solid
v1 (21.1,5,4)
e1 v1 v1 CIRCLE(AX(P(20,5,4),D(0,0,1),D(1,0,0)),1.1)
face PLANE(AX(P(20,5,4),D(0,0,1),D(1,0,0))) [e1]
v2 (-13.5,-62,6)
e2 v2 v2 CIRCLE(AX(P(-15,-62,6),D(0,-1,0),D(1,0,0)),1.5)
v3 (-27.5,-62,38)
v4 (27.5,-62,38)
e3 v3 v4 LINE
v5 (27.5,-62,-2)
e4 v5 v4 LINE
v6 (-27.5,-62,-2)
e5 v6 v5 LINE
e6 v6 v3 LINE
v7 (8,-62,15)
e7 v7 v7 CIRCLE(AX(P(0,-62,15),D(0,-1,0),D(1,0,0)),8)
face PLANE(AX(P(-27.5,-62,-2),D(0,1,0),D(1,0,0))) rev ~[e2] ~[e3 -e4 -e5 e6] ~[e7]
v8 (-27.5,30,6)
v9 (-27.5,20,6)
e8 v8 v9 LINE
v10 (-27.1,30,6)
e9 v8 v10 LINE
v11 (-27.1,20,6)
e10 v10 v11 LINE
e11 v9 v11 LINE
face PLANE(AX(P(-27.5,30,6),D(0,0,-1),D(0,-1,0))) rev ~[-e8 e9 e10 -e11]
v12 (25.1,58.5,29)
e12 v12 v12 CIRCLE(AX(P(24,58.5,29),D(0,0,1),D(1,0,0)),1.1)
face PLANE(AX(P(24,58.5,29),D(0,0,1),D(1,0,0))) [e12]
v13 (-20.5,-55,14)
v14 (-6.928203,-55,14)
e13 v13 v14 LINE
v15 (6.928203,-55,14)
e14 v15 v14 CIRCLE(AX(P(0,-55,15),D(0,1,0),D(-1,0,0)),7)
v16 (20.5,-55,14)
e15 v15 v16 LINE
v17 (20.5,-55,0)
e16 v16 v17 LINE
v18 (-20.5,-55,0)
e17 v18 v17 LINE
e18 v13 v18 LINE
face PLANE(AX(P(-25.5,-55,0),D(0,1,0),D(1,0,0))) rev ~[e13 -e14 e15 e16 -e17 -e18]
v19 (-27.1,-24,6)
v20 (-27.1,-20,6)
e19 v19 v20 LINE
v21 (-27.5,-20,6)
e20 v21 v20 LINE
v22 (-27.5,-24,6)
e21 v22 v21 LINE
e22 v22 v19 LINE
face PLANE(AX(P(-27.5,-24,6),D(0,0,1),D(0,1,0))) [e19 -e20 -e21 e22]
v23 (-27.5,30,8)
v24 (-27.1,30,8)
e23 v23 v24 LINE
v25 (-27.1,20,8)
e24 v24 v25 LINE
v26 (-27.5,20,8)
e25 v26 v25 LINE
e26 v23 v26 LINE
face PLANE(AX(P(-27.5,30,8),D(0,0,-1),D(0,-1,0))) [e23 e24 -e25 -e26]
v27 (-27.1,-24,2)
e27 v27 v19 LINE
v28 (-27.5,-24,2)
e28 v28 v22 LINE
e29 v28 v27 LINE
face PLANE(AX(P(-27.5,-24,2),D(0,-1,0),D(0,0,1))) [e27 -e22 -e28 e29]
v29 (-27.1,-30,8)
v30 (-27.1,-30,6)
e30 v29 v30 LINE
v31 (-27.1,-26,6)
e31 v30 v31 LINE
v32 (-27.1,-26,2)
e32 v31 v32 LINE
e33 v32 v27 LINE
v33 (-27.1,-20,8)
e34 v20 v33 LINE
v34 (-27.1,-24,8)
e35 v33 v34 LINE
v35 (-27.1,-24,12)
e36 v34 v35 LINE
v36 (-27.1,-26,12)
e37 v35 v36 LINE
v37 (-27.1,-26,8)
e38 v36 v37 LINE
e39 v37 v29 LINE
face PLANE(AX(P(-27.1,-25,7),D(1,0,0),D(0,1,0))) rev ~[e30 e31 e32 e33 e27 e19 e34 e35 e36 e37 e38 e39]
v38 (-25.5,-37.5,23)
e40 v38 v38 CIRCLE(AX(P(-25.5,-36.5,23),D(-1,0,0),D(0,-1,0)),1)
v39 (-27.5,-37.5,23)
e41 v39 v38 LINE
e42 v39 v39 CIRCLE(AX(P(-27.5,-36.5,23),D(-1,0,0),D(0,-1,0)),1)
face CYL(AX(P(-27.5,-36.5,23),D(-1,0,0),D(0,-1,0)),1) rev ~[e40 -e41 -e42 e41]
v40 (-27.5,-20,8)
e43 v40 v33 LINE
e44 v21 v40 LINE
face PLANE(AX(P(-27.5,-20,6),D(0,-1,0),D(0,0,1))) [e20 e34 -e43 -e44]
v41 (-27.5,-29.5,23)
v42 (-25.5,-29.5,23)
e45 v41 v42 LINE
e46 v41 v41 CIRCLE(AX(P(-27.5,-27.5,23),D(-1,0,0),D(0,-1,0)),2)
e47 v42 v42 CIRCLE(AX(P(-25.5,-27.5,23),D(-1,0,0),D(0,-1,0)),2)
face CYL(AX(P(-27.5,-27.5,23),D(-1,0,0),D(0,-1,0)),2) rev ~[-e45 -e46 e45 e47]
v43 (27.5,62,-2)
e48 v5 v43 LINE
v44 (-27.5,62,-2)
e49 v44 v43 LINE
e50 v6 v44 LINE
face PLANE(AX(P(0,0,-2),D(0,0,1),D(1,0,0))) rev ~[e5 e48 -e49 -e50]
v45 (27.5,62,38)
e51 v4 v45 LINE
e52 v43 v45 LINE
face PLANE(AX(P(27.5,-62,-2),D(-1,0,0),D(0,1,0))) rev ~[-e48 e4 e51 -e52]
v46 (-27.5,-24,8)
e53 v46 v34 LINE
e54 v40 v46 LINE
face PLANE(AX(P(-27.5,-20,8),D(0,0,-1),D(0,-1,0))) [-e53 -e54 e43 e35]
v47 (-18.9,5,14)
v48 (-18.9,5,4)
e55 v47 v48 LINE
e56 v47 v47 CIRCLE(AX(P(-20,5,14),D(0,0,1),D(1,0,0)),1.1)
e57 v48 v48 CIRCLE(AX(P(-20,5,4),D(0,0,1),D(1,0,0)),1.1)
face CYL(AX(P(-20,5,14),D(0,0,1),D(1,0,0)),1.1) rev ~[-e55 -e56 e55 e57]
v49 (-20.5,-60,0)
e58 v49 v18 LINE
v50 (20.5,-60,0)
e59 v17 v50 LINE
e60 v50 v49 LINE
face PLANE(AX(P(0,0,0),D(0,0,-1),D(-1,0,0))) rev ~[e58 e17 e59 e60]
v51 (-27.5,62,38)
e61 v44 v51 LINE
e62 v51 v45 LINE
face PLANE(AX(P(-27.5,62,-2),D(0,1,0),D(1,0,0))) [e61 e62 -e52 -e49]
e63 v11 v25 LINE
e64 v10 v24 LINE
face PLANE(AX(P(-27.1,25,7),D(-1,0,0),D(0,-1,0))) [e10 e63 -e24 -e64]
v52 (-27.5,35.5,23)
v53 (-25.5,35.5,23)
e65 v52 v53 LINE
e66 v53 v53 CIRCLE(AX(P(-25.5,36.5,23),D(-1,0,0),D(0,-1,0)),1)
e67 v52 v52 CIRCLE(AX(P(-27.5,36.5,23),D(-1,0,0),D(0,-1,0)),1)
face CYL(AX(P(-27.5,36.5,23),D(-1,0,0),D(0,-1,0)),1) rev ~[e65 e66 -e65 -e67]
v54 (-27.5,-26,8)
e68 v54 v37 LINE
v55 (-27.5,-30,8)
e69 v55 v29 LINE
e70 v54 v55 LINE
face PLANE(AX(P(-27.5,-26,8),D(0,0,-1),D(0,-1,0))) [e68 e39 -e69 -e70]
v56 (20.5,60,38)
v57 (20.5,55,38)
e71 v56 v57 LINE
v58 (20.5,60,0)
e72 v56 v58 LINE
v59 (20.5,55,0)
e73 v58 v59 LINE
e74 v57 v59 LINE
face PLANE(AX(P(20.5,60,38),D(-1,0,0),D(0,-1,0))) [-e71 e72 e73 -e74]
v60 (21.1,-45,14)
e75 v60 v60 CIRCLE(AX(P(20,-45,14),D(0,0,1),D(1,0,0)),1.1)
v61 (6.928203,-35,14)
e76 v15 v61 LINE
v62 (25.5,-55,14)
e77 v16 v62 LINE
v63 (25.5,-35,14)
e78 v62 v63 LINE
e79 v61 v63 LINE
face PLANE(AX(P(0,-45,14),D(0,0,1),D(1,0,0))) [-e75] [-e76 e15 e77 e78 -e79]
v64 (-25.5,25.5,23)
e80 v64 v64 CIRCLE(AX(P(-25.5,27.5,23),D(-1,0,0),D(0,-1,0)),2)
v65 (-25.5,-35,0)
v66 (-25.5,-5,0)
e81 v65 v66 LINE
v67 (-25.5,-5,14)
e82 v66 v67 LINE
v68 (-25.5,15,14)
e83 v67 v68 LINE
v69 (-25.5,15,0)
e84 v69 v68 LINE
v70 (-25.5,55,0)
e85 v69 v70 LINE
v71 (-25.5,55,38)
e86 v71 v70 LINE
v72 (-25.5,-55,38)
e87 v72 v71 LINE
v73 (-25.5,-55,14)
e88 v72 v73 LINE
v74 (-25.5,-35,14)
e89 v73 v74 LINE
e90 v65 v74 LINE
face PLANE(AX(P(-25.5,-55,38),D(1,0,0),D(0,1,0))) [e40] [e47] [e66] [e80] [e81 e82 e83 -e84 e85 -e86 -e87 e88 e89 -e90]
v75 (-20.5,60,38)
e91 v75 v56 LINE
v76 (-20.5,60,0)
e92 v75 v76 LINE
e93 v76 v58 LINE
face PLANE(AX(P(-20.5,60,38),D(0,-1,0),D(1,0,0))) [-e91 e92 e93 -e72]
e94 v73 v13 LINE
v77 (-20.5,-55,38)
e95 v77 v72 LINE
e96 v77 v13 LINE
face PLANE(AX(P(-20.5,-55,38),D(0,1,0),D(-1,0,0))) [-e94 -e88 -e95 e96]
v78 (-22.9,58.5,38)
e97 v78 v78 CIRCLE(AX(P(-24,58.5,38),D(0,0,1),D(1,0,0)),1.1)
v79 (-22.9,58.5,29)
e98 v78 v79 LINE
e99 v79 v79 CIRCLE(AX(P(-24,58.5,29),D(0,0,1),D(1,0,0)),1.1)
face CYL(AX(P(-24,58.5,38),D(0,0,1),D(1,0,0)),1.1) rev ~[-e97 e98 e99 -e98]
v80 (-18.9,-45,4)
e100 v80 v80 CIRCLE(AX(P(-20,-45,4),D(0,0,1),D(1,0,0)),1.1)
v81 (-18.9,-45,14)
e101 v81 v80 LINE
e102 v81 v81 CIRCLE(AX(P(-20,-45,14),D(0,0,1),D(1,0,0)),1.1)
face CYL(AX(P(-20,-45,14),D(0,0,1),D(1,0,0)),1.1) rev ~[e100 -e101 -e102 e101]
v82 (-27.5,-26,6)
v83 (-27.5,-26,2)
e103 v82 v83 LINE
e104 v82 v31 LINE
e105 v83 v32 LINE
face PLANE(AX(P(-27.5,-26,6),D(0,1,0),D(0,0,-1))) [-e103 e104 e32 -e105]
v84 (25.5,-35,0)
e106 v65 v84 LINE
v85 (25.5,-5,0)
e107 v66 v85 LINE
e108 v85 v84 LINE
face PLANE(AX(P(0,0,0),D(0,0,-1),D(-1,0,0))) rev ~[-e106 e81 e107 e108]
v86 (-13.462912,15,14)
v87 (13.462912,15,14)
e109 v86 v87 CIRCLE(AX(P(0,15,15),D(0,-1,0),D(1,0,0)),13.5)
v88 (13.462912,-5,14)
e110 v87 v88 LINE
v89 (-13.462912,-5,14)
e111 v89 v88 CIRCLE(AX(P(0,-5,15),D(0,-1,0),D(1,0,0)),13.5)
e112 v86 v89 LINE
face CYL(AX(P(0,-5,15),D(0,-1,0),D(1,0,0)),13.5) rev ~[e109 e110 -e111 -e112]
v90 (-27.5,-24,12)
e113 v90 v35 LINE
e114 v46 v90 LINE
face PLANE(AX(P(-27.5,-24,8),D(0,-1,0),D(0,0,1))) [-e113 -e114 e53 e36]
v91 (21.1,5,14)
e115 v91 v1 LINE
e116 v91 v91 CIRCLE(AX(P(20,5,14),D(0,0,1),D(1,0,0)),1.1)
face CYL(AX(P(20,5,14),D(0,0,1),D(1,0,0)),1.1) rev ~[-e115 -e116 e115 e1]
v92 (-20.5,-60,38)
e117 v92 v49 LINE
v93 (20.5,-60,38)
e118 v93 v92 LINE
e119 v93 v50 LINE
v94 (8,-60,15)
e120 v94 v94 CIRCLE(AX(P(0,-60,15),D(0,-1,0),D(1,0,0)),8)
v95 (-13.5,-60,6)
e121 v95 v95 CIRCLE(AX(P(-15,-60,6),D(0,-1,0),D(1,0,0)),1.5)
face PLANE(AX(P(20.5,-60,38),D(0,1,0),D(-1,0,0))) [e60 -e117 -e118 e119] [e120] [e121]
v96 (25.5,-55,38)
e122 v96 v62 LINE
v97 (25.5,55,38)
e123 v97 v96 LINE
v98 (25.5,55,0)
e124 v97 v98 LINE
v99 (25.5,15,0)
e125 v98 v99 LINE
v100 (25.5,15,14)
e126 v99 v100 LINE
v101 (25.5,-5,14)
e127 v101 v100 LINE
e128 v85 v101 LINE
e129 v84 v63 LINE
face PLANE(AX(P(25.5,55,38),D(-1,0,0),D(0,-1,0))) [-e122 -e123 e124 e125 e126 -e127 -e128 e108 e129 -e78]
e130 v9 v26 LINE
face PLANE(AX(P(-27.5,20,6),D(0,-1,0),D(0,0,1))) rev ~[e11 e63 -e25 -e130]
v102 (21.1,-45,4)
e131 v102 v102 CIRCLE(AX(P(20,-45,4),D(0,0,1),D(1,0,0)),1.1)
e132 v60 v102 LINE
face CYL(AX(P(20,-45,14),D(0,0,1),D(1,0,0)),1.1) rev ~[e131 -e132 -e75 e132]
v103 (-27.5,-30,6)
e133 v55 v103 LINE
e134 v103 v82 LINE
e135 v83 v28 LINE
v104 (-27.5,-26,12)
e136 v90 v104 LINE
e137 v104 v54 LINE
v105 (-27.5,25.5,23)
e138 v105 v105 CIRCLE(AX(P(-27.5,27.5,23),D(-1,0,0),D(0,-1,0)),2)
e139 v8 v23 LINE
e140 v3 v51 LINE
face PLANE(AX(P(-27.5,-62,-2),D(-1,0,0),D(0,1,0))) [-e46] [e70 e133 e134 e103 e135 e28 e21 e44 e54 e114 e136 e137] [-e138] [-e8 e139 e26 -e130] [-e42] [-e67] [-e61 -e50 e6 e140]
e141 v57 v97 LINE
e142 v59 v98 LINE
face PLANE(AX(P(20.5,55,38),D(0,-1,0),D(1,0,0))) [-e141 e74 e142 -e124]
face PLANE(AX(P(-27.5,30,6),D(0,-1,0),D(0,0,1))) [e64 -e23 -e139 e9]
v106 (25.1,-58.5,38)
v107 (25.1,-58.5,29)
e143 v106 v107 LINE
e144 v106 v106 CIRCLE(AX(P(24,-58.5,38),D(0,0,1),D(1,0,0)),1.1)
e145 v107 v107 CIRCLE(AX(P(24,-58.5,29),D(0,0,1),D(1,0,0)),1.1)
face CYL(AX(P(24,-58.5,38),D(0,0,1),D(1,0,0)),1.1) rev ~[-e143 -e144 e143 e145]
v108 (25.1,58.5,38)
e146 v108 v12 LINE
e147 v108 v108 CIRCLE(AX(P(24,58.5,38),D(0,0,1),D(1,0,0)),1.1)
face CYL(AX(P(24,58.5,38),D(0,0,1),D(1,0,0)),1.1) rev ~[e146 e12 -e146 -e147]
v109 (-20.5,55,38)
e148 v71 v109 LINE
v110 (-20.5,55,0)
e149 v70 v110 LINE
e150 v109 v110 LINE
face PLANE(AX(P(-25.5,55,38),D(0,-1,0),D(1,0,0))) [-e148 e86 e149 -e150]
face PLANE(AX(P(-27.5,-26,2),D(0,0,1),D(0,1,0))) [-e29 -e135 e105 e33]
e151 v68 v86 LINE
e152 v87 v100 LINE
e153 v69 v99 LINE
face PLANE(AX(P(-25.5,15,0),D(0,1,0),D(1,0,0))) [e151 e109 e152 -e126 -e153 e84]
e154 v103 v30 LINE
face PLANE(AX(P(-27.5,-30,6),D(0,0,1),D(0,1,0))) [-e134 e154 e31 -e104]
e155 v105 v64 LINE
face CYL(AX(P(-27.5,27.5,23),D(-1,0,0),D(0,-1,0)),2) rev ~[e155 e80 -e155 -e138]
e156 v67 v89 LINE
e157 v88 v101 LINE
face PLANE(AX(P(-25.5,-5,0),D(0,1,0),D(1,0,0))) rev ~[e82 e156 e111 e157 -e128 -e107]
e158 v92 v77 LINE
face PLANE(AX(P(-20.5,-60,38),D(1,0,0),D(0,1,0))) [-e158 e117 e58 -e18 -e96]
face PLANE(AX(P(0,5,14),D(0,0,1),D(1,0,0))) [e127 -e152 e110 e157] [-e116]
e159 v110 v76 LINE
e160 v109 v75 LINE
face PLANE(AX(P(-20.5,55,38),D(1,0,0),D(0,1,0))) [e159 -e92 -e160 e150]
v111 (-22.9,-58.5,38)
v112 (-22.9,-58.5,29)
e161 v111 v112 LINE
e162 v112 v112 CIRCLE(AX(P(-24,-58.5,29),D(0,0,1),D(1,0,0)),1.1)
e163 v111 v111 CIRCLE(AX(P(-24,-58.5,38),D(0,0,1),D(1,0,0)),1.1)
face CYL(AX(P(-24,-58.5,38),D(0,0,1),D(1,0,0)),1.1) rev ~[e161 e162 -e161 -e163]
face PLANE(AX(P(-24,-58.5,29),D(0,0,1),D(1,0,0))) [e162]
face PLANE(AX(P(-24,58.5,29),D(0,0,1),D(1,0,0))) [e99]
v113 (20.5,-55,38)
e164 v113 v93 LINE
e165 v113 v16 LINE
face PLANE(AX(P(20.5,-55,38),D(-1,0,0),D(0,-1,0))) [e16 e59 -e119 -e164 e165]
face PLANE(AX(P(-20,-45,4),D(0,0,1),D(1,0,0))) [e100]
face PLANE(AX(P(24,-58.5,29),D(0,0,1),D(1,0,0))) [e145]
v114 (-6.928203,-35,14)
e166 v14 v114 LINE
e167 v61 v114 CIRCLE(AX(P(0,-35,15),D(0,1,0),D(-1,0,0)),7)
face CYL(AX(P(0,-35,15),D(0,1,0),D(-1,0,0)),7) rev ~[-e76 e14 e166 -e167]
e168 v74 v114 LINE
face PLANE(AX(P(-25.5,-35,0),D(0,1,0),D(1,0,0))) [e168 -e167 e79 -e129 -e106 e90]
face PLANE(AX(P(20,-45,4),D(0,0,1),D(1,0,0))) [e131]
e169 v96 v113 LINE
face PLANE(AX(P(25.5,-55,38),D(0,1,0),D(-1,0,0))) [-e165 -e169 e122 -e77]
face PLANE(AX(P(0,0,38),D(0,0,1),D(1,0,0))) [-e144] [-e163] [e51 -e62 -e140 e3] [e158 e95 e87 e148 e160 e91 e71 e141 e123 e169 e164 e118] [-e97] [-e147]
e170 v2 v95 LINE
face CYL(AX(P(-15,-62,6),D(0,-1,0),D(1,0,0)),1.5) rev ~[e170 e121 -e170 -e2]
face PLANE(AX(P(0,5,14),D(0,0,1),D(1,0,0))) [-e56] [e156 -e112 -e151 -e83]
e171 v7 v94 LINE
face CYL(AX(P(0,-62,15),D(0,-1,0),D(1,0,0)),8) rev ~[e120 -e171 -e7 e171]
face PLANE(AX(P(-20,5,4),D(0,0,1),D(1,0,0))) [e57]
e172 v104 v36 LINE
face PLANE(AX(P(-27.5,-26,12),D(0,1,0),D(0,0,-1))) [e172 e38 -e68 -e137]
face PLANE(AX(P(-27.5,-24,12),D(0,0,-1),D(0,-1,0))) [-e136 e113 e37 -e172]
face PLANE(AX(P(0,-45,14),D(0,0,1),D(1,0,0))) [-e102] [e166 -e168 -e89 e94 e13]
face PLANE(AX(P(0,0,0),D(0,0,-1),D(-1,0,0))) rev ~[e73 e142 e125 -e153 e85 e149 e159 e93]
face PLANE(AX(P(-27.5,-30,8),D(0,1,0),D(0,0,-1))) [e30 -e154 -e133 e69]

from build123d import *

# Parameters (mm, degrees)
SKETCH006_W     = 55
SKETCH006_H     = 124
PAD002_DEPTH    = 40
POCKET004_DEPTH = 38
SKETCH008_R     = 8
POCKET005_DEPTH = 2
SKETCH009_R     = 1.1
POCKET006_DEPTH = 9
SKETCH012_R     = 2
SKETCH012_R_2   = 1
POCKET008_DEPTH = 2
SKETCH013_R     = 1.5
POCKET009_DEPTH = 2
SKETCH016_W     = 10
SKETCH016_H     = 2
POCKET011_DEPTH = 0.4
SKETCH019_W     = 51
SKETCH019_H     = 20
PAD005_DEPTH    = 14
SKETCH020_R     = 13.5
POCKET014_DEPTH = 20
SKETCH021_R     = 7
POCKET015_DEPTH = 20
SKETCH022_R     = 1.1
POCKET016_DEPTH = 10


with BuildPart() as part:
    # Sketch006 → Pad002 (new body)
    with BuildSketch(Plane.XY):
        Rectangle(SKETCH006_W, SKETCH006_H)
    extrude(amount=PAD002_DEPTH)

    # Sketch007 (on Face6 of Pad002) → Pocket004 (cut)
    with BuildSketch(Plane.XY.offset(40)):
        Polygon((-25.5, 55), (-20.5, 55), (-20.5, 60), (20.5, 60), (20.5, 55), (25.5, 55), (25.5, -55), (20.5, -55), (20.5, -60), (-20.5, -60), (-20.5, -55), (-25.5, -55), align=None)
    extrude(amount=-POCKET004_DEPTH, mode=Mode.SUBTRACT)

    # Sketch008 (on Face6 of Pocket004) → Pocket005 (cut)
    with BuildSketch(Plane.XZ.offset(62)):
        with Locations((0, 17)):
            Circle(SKETCH008_R)
    extrude(amount=-POCKET005_DEPTH, mode=Mode.SUBTRACT)

    # Sketch009 (on Face5 of Pocket005) → Pocket006 (cut)
    with BuildSketch(Plane.XY.offset(40)):
        with Locations((-24, 58.5)):
            Circle(SKETCH009_R)
        with Locations((24, 58.5)):
            Circle(SKETCH009_R)
        with Locations((24, -58.5)):
            Circle(SKETCH009_R)
        with Locations((-24, -58.5)):
            Circle(SKETCH009_R)
    extrude(amount=-POCKET006_DEPTH, mode=Mode.SUBTRACT)

    # Sketch012 (on Face2 of Pocket006) → Pocket008 (cut)
    with BuildSketch(Plane(origin=(-27.5, 0, 0), x_dir=(0, -1, 0), z_dir=(-1, 0, 0))):
        with Locations((-27.5, 25)):
            Circle(SKETCH012_R)
        with Locations((27.5, 25)):
            Circle(SKETCH012_R)
        with Locations((-36.5, 25)):
            Circle(SKETCH012_R_2)
        with Locations((36.5, 25)):
            Circle(SKETCH012_R_2)
    extrude(amount=-POCKET008_DEPTH, mode=Mode.SUBTRACT)

    # Sketch013 (on Face6 of Pocket008) → Pocket009 (cut)
    with BuildSketch(Plane.XZ.offset(62)):
        with Locations((-15, 8)):
            Circle(SKETCH013_R)
    extrude(amount=-POCKET009_DEPTH, mode=Mode.SUBTRACT)

    # Sketch016 (on Face2 of Pocket009) → Pocket011 (cut)
    with BuildSketch(Plane(origin=(-27.5, 0, 0), x_dir=(0, -1, 0), z_dir=(-1, 0, 0))):
        with Locations((-25, 9)):
            Rectangle(SKETCH016_W, SKETCH016_H)
        Polygon((20, 10), (24, 10), (24, 14), (26, 14), (26, 10), (30, 10), (30, 8), (26, 8), (26, 4), (24, 4), (24, 8), (20, 8), align=None)
    extrude(amount=-POCKET011_DEPTH, mode=Mode.SUBTRACT)

    # Sketch019 (on Face50 of Pocket011) → Pad005 (join)
    with BuildSketch(Plane.XY.offset(2)):
        with Locations((0, 5)):
            Rectangle(SKETCH019_W, SKETCH019_H)
        with Locations((0, -45)):
            Rectangle(SKETCH019_W, SKETCH019_H)
    extrude(amount=PAD005_DEPTH)

    # Sketch020 (on Face53 of Pad005) → Pocket014 (cut)
    with BuildSketch(Plane.XZ.offset(5)):
        with Locations((0, 17)):
            Circle(SKETCH020_R)
    extrude(amount=-POCKET014_DEPTH, mode=Mode.SUBTRACT)

    # Sketch021 (on Face55 of Pad005) → Pocket015 (cut)
    with BuildSketch(Plane(origin=(0, -35, 0), x_dir=(-1, 0, 0), z_dir=(0, 1, 0))):
        with Locations((0, 17)):
            Circle(SKETCH021_R)
    extrude(amount=-POCKET015_DEPTH, mode=Mode.SUBTRACT)

    # Sketch022 (on Face60 of Pocket015) → Pocket016 (cut)
    with BuildSketch(Plane.XY.offset(16)):
        with Locations((-20, 5)):
            Circle(SKETCH022_R)
        with Locations((20, 5)):
            Circle(SKETCH022_R)
        with Locations((-20, -45)):
            Circle(SKETCH022_R)
        with Locations((20, -45)):
            Circle(SKETCH022_R)
    extrude(amount=-POCKET016_DEPTH, mode=Mode.SUBTRACT)


with BuildPart() as part_1:
    # Body002 placement: moved
    add(part.part.moved(Location((0, 0, -2))))


solid = part_1.part
